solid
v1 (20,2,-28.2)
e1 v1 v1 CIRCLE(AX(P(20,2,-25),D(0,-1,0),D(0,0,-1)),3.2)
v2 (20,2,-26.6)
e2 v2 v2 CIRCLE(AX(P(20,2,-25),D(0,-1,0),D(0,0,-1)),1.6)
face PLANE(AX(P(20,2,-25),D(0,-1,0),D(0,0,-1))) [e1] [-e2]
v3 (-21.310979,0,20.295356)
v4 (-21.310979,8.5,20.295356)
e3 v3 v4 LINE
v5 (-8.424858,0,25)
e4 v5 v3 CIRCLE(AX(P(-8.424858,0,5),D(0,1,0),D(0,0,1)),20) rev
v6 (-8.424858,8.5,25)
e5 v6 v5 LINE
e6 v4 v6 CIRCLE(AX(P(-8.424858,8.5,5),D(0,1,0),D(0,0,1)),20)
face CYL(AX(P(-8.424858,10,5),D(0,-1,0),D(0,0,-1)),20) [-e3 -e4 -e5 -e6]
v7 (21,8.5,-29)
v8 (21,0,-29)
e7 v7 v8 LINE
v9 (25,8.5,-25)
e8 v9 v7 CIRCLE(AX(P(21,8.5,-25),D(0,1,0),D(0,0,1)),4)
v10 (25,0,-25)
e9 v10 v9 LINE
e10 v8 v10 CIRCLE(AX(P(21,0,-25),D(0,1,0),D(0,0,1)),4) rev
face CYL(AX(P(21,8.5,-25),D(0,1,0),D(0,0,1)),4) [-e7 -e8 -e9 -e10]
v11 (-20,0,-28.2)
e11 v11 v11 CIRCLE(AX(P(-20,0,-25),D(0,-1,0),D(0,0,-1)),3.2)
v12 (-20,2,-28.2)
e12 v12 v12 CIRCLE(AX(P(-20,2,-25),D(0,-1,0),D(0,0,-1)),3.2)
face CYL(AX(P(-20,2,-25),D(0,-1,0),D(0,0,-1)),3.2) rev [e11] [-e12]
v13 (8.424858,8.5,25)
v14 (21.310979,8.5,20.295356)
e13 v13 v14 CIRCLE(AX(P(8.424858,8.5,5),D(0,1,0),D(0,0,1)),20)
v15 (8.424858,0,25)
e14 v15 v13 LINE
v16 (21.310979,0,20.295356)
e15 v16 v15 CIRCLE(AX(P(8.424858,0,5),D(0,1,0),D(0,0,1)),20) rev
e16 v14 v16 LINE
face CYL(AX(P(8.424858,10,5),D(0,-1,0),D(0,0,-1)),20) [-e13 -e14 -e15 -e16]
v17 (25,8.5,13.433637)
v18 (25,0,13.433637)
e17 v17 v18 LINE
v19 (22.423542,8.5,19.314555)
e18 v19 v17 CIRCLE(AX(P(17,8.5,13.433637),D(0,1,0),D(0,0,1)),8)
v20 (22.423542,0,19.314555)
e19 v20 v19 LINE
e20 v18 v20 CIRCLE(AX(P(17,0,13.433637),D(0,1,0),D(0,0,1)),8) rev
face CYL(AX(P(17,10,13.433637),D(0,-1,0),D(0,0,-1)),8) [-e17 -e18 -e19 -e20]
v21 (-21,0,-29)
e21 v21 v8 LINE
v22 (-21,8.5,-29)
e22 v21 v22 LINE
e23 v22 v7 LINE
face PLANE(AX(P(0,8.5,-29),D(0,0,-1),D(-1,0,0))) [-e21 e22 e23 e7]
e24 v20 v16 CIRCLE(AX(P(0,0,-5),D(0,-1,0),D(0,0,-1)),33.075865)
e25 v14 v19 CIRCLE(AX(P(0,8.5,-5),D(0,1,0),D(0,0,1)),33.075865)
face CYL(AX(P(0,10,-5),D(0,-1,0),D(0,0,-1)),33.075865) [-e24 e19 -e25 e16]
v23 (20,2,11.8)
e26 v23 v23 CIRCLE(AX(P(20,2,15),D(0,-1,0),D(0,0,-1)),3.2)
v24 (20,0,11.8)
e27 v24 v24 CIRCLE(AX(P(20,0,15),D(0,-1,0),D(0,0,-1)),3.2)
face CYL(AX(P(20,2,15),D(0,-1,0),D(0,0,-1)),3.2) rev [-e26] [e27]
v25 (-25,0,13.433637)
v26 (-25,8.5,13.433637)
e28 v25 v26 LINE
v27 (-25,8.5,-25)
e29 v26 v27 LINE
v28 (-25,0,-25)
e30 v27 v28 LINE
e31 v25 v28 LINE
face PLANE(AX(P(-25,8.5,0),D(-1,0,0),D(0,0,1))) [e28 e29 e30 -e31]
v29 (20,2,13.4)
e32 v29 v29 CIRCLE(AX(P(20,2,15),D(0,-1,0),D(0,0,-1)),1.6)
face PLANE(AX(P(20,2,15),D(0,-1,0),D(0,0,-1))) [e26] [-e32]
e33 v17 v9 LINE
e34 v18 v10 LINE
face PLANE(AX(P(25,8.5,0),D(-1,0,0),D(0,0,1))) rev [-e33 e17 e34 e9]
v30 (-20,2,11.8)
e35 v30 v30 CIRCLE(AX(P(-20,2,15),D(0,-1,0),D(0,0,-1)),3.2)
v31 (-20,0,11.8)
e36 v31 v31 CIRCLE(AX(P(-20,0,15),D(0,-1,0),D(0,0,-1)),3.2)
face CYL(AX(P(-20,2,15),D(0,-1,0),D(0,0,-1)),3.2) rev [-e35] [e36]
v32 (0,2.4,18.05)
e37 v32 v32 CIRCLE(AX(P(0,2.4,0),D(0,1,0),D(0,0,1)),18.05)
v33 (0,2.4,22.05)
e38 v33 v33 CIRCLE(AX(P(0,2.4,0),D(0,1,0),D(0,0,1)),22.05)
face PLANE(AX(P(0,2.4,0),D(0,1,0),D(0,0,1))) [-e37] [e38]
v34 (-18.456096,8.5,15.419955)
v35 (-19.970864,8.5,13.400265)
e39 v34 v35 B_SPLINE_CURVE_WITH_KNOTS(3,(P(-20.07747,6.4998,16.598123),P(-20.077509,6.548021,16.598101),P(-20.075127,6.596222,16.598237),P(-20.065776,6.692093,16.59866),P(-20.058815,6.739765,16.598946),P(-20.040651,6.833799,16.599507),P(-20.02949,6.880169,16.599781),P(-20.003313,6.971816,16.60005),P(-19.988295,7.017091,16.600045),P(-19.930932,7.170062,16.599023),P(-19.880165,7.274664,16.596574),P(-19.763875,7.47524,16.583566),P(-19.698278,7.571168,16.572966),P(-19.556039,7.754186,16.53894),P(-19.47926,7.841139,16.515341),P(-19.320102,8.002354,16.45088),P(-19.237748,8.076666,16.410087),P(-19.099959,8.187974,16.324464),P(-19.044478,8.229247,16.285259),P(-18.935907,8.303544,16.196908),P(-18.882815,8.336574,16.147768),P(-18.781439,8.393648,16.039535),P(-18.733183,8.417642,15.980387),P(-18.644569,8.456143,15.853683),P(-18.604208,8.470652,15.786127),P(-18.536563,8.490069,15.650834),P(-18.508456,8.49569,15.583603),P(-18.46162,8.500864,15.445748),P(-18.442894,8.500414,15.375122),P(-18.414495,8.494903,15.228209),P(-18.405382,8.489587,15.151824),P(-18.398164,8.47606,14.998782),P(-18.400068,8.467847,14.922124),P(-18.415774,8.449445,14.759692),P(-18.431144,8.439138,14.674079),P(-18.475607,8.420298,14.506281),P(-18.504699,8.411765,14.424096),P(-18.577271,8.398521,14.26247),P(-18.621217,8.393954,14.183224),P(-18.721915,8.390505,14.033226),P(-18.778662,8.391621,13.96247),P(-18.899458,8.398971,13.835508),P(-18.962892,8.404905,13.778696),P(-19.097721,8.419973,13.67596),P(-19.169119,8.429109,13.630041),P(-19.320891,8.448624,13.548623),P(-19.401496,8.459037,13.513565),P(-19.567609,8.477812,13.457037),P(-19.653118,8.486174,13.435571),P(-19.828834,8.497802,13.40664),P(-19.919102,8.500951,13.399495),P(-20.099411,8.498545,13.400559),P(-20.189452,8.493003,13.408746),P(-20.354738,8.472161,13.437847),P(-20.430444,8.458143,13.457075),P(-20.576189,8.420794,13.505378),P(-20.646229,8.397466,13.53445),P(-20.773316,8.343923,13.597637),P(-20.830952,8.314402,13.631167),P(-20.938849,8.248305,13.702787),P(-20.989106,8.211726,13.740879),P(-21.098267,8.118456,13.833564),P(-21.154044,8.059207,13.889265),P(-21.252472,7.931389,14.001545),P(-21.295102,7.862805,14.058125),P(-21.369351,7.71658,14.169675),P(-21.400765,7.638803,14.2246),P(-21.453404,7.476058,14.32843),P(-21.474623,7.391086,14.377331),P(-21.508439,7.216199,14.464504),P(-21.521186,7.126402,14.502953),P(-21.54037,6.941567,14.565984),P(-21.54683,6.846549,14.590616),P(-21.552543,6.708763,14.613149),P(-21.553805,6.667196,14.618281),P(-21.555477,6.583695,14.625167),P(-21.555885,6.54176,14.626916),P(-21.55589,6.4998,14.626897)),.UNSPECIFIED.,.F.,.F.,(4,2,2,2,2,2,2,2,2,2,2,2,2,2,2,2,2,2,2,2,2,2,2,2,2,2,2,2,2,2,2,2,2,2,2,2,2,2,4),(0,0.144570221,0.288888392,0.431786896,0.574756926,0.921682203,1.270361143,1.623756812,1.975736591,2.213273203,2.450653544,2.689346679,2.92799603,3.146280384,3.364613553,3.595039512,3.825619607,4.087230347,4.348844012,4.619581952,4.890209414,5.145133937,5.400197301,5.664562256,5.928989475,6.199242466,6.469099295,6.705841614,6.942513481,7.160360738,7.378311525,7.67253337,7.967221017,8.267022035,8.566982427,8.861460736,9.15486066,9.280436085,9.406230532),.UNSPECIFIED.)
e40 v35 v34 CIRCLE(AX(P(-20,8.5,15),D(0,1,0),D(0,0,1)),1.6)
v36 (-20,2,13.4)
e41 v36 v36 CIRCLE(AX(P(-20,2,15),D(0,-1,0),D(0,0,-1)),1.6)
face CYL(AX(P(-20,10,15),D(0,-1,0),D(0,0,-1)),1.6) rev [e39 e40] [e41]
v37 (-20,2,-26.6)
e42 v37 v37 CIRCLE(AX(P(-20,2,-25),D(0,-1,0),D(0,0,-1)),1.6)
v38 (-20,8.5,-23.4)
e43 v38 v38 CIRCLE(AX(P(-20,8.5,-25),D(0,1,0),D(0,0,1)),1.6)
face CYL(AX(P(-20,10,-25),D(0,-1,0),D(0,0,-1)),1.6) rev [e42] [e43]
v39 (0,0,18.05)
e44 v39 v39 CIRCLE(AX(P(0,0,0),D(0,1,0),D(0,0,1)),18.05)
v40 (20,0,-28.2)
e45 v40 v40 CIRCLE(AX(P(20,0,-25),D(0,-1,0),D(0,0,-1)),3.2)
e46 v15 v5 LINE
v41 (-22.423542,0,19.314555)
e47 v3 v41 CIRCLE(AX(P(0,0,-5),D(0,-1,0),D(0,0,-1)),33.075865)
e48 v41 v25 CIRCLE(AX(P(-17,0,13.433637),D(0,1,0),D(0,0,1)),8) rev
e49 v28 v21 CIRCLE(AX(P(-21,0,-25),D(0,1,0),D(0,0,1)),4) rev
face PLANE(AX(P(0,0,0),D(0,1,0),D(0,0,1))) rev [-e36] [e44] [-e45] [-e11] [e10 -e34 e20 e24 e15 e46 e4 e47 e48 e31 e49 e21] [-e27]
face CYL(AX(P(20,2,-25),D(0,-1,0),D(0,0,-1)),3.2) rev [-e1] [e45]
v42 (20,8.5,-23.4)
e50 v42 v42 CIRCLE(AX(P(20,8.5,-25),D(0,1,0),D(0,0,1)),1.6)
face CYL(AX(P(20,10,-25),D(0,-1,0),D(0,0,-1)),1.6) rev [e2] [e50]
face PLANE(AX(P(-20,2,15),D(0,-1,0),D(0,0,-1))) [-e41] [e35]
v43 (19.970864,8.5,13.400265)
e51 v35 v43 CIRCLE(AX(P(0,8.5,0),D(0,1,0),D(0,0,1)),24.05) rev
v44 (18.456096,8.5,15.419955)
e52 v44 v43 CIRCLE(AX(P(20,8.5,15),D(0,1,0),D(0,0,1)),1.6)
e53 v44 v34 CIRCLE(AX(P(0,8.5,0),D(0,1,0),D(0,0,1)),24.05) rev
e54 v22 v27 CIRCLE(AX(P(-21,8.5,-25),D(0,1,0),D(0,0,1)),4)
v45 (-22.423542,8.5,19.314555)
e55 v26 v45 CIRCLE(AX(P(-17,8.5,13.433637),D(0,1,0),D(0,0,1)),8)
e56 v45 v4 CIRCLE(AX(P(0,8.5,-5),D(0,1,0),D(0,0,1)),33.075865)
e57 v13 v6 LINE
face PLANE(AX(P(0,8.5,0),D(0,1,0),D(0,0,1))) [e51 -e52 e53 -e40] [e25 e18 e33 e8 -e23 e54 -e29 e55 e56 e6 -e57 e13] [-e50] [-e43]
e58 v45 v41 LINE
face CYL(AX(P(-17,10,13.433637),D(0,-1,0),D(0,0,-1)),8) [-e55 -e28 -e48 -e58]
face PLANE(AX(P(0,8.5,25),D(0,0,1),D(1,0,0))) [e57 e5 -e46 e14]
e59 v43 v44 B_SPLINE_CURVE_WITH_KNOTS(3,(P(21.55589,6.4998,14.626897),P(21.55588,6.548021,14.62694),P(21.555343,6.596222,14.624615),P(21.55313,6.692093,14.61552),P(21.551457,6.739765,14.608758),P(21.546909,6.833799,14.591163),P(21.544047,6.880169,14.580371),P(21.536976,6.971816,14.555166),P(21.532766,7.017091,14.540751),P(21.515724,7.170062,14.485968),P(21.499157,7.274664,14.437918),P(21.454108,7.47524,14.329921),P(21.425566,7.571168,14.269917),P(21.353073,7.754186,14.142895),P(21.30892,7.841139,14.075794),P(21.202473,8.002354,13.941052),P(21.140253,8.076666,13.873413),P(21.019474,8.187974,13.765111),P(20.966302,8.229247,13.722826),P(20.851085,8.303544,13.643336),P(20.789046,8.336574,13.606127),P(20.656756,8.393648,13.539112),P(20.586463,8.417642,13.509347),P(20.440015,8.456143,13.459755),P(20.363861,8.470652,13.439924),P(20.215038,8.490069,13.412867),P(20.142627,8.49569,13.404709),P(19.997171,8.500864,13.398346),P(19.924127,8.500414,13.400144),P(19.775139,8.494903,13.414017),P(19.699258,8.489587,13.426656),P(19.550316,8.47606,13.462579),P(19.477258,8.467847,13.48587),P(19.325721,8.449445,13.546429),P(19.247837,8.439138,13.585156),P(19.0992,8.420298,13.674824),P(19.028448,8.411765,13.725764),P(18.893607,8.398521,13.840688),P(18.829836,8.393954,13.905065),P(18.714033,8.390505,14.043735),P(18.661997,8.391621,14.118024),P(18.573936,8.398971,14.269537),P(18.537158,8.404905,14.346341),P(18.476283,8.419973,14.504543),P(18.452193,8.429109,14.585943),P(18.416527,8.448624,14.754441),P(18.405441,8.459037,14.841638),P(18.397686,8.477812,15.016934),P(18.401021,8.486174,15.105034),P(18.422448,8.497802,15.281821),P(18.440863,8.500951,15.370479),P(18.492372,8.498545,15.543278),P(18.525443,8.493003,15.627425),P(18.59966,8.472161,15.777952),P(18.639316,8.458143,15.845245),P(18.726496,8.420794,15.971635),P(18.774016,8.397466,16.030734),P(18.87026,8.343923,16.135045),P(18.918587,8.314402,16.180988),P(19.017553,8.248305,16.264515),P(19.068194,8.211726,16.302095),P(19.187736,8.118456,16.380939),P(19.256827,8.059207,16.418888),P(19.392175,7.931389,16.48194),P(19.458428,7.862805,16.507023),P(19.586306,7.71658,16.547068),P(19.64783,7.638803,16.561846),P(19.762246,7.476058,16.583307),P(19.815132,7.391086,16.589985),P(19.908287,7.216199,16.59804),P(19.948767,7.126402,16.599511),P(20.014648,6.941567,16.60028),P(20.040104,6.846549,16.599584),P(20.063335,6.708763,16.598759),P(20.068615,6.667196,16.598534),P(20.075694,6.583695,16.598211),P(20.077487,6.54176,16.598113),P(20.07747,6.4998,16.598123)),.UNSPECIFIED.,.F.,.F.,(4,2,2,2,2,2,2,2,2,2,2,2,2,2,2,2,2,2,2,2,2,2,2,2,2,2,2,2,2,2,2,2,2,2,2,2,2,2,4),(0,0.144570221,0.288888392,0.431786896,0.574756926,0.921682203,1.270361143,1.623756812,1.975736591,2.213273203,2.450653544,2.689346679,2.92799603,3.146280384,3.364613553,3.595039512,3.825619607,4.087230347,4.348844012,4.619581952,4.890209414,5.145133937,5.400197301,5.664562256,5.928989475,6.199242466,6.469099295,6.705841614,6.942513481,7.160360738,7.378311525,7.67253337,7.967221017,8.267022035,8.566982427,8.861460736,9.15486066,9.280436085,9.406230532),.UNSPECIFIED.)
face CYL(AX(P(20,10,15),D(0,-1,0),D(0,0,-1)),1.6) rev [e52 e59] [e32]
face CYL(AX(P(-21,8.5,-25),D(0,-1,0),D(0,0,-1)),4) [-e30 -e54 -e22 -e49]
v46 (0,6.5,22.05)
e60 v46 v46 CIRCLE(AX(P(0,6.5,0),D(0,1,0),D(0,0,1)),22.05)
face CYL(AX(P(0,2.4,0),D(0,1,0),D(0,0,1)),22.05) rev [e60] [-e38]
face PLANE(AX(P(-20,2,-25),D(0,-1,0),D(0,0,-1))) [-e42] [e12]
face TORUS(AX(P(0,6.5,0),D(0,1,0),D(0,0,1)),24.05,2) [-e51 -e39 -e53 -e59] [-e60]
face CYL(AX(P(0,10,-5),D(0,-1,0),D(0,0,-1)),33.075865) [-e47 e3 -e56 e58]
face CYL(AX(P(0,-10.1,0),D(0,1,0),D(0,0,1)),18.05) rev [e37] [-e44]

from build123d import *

# Parameters (mm, degrees)
SKETCH_1_R          = 25
EXTRUDE_1_DEPTH     = 8.5
SKETCH_2_R          = 22.05
CUT_EXTRUDE_1_DEPTH = 6.1
SKETCH_3_R          = 18.05
CUT_EXTRUDE_2_DEPTH = 12.5
FILLET_2_R          = 2
EXTRUDE_3_DEPTH     = 8.5
SKETCH_8_R          = 3.2
SKETCH_8_R_2        = 1.6
CUT_EXTRUDE_3_DEPTH = 2
SKETCH_8_2_R        = 1.6
CUT_EXTRUDE_4_DEPTH = 10
FILLET_3_R          = 4
CUT_EXTRUDE_5_DEPTH = 10
FILLET_5_R          = 8
FILLET_6_R          = 20


with BuildPart() as part:
    # 草图1 → 凸台-拉伸1 (new body)
    with BuildSketch(Plane(origin=(0, 0, 0), x_dir=(1, 0, 0), z_dir=(0, 1, 0))):
        Circle(SKETCH_1_R)
    extrude(amount=EXTRUDE_1_DEPTH)

    # 草图2 → 切除-拉伸1 (cut)
    with BuildSketch(Plane(origin=(0, 8.5, 0), x_dir=(1, 0, 0), z_dir=(0, 1, 0))):
        Circle(SKETCH_2_R)
    extrude(amount=-CUT_EXTRUDE_1_DEPTH, mode=Mode.SUBTRACT)

    # 草图3 → 切除-拉伸2 (cut)
    with BuildSketch(Plane(origin=(0, 2.4, 0), x_dir=(1, 0, 0), z_dir=(0, 1, 0))):
        Circle(SKETCH_3_R)
    extrude(amount=-CUT_EXTRUDE_2_DEPTH, mode=Mode.SUBTRACT)

    # 圆角2
    fillet_2_edges = [part.edges().sort_by_distance(p)[0] for p in [
        (-22.05, 8.5, 0),
    ]]
    fillet(fillet_2_edges, radius=FILLET_2_R)

    # 草图7 → 凸台-拉伸3 (add)
    with BuildSketch(Plane.XZ):
        with BuildLine():
            ThreePointArc((-25, -4.2e-08), (-17.677669545, 17.677669515), (0, 25))
            Line((0, 25), (-25, 25))
            Line((-25, 25), (-25, -4.2e-08))
        make_face()
        with BuildLine():
            Line((25, 25), (0, 25))
            ThreePointArc((0, 25), (17.67766953, 17.67766953), (25, 0))
            Line((25, 0), (25, 25))
        make_face()
        with BuildLine():
            ThreePointArc((25, 0), (2.1e-08, -25), (-25, -4.2e-08))
            Line((-25, -4.2e-08), (-25, -29))
            Line((-25, -29), (25, -29))
            Line((25, -29), (25, 0))
        make_face()
    extrude(amount=-EXTRUDE_3_DEPTH)

    # 草图8 → 切除-拉伸3 (cut)
    # profile 1 of 4: a face of its own
    with BuildSketch(Plane.XZ):
        with Locations((-20, 15)):
            Circle(SKETCH_8_R)
        with Locations((-20, 15)):
            Circle(SKETCH_8_R_2, mode=Mode.SUBTRACT)
    # profile 2 of 4: a face of its own
    with BuildSketch(Plane.XZ):
        with Locations((20, 15)):
            Circle(SKETCH_8_R)
        with Locations((20, 15)):
            Circle(SKETCH_8_R_2, mode=Mode.SUBTRACT)
    # profile 3 of 4: a face of its own
    with BuildSketch(Plane.XZ):
        with Locations((20, -25)):
            Circle(SKETCH_8_R)
        with Locations((20, -25)):
            Circle(SKETCH_8_R_2, mode=Mode.SUBTRACT)
    # profile 4 of 4: a face of its own
    with BuildSketch(Plane.XZ):
        with Locations((-20, -25)):
            Circle(SKETCH_8_R)
        with Locations((-20, -25)):
            Circle(SKETCH_8_R_2, mode=Mode.SUBTRACT)
    extrude(amount=-CUT_EXTRUDE_3_DEPTH, mode=Mode.SUBTRACT)

    # 草图8<2> → 切除-拉伸4 (cut)
    with BuildSketch(Plane.XZ):
        with Locations((-20, 15)):
            Circle(SKETCH_8_2_R)
        with Locations((20, 15)):
            Circle(SKETCH_8_2_R)
        with Locations((20, -25)):
            Circle(SKETCH_8_2_R)
        with Locations((-20, -25)):
            Circle(SKETCH_8_2_R)
    extrude(amount=-CUT_EXTRUDE_4_DEPTH, mode=Mode.SUBTRACT)

    # 圆角3
    fillet_3_edges = [part.edges().sort_by_distance(p)[0] for p in [
        (25, 4.25, -29),
        (-25, 4.25, -29),
    ]]
    fillet(fillet_3_edges, radius=FILLET_3_R)

    # 草图9 → 切除-拉伸5 (cut)
    with BuildSketch(Plane.XZ):
        with BuildLine():
            Line((25, 25), (13.928848582, 25))
            ThreePointArc((13.928848582, 25), (19.906442689, 21.414889027), (25, 16.656703877))
            Line((25, 16.656703877), (25, 25))
        make_face()
        with BuildLine():
            Line((-25, 25), (-25, 16.656703877))
            ThreePointArc((-25, 16.656703877), (-19.906442689, 21.414889027), (-13.928848582, 25))
            Line((-13.928848582, 25), (-25, 25))
        make_face()
    extrude(amount=-CUT_EXTRUDE_5_DEPTH, mode=Mode.SUBTRACT)

    # 圆角5
    fillet_5_edges = [part.edges().sort_by_distance(p)[0] for p in [
        (25, 4.25, 16.656703877),
        (-25, 4.25, 16.656703877),
    ]]
    fillet(fillet_5_edges, radius=FILLET_5_R)

    # 圆角6
    fillet_6_edges = [part.edges().sort_by_distance(p)[0] for p in [
        (13.928848582, 4.25, 25),
        (-13.928848582, 4.25, 25),
    ]]
    fillet(fillet_6_edges, radius=FILLET_6_R)


solid = part.part
